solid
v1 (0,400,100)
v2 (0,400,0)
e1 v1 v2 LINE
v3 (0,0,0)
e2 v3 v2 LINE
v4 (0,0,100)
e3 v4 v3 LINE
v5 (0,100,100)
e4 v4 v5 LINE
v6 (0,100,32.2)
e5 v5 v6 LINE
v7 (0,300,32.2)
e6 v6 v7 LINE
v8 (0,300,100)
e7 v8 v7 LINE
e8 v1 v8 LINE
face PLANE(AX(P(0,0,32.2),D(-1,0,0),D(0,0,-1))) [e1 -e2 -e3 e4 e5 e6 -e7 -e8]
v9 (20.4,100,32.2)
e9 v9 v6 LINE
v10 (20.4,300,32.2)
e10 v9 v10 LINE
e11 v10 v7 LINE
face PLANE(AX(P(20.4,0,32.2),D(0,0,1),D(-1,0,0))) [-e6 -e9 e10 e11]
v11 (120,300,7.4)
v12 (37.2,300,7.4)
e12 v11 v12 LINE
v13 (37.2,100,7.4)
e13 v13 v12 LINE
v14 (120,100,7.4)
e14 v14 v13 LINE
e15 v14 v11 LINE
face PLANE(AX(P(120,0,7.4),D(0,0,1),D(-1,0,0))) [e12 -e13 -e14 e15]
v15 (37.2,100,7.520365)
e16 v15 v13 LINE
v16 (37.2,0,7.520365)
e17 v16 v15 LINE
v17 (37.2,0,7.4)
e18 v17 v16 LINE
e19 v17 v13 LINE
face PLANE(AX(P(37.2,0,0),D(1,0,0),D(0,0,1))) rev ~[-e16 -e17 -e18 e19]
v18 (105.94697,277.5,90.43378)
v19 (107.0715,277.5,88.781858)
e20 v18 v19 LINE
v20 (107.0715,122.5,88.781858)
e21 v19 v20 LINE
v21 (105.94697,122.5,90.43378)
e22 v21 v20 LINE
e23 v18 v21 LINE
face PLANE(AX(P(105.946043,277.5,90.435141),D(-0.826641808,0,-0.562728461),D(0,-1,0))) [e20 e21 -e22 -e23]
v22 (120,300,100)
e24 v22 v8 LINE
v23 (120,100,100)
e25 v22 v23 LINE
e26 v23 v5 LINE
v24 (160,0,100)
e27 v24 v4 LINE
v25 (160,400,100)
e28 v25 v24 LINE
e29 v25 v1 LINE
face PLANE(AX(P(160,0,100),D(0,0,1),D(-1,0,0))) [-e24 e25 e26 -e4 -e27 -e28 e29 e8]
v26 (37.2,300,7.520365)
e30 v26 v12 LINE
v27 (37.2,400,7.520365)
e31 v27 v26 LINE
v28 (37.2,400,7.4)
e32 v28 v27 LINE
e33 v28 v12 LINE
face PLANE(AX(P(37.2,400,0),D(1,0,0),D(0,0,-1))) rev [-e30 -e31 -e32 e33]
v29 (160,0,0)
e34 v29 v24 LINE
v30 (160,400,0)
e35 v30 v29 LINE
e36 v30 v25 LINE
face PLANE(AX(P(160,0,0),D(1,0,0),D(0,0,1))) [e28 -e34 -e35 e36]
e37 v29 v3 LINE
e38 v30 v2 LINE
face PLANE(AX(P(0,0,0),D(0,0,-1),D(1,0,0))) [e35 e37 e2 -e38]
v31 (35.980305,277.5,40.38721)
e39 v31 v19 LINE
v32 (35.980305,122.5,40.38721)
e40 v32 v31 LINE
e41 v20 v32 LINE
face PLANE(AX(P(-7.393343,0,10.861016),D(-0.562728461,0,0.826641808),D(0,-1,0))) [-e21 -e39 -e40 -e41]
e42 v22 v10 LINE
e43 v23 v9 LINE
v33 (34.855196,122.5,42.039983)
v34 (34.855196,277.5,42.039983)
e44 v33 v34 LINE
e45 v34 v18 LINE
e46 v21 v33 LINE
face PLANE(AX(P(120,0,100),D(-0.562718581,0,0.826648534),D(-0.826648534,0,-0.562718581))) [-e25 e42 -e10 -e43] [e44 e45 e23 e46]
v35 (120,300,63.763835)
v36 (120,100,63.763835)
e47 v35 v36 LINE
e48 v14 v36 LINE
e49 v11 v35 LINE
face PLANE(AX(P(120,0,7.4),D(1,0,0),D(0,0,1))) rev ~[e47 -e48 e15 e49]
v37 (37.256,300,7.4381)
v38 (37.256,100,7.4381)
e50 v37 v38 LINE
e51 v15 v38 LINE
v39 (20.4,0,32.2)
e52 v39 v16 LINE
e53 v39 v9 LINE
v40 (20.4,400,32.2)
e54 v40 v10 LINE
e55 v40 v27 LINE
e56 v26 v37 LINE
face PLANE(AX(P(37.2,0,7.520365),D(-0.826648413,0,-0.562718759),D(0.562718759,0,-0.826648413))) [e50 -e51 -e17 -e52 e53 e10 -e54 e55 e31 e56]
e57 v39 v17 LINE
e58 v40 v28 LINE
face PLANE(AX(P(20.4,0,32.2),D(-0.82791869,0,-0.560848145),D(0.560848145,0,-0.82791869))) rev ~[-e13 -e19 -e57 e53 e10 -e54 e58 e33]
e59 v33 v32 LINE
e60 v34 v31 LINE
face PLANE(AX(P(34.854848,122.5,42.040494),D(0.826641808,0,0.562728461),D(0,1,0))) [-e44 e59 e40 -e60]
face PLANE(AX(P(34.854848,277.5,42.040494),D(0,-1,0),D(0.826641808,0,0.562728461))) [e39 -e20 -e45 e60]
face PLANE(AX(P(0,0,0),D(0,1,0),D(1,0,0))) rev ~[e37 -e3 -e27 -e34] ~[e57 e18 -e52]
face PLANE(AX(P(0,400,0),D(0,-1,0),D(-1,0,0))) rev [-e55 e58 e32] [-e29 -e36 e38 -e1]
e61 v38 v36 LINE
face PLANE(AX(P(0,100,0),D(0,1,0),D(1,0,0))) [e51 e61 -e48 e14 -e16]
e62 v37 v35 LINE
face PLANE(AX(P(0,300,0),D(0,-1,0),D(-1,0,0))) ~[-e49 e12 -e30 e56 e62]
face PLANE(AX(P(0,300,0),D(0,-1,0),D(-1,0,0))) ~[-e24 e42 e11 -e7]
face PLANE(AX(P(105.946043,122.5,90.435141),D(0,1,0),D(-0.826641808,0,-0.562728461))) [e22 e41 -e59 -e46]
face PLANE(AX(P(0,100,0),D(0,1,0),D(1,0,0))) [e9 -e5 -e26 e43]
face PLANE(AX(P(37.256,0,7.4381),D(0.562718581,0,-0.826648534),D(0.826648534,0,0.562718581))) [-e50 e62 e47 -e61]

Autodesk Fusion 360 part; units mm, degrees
sketch "Esquisse1" plane through (0, 0, 0) normal (0, 1, 0) x (1, 0, 0)
  line L0 (0, 0) -> (120, 0)
  line L1 (120, 0) -> (120, -100)
  line L2 (120, -100) -> (0, -100)
  line L3 (0, -100) -> (0, 0)
  line L4 (0, 0) -> (37.2, 0)
  line L5 (37.2, 0) -> (37.2, -32.2)
  line L6 (37.2, -32.2) -> (0, -32.2)
  line L7 (0, -32.2) -> (0, 0)
  line L8 (37.2, -32.2) -> (20.4, -32.2)
  line L9 (37.2, -7.4) -> (37.2, -32.2)
  line L10 (20.4, -32.2) -> (37.2, -7.4)
  line L11 (120, -100) -> (20.4, -32.2)
  line L12 (20.4, -32.2) -> (37.256, -7.4381)
  line L13 (37.256, -7.4381) -> (136.856, -75.2381)
  line L14 (136.856, -75.2381) -> (120, -100)
  line L15 (120, -100) -> (120, 0)
  line L16 (120, 0) -> (160, 0)
  line L17 (160, 0) -> (160, -100)
  line L18 (160, -100) -> (120, -100)
  line L19 (37.2, -7.4) -> (37.2, 0)
  line L20 (37.2, 0) -> (160, 0)
  line L21 (160, 0) -> (160, -7.4)
  line L22 (160, -7.4) -> (37.2, -7.4)
  line L23 (160, -7.4) -> (160, -100)
  line L24 (160, -100) -> (120, -100)
  line L25 (120, -100) -> (120, -7.4)
  line L26 (120, -7.4) -> (160, -7.4)
  dimension "d1" = 120
  dimension "d2" = 100
  dimension "d3" = 37.2
  dimension "d4" = 32.2
  dimension "d11" = 16.8
  dimension "d12" = 24.8
  dimension "d19" = 40
extrude "Extrusion3" add sketch "Esquisse1" along normal blind 200 contours L0 L3 L4 L5 L6 L7 L10 L19 | L0 L1 L5 L15 L19 L20 L22 | L1 L15 L16 L17 L20 L21 L22 L26 | L5 L6 L8 L9 L12 | L1 L5 L6 L8 L9 L11 L12 L13 L15 L25 | L1 L13 L14 L15 L17 L18 L22 L23 L24 L25 L26 | L1 L13 L14 L15 L25
extrude "Extrusion4" add sketch "Esquisse1" along normal blind 100 contours L0 L1 L5 L15 L19 L20 L22 | L2 L3 L6 L11 | L1 L15 L16 L17 L20 L21 L22 L26 | L1 L5 L9 L12 L13 L15 L22 L25 | L1 L13 L14 L15 L17 L18 L22 L23 L24 L25 L26
mirror "Symétrie miroir2" about plane through (0, 200, 0) normal (0, 1, 0) of bodies 1 merged
sketch "Esquisse3" plane through (-8.5188, 0, 12.5143) normal (-0.5627, 0, 0.8266) x (0, -1, 0)
  line L0 (-100, 34.9832) -> (-100, 155.4697)
  line L1 (-100, 155.4697) -> (-300, 155.4697)
  line L2 (-300, 155.4697) -> (-300, 34.9832)
  line L3 (-300, 34.9832) -> (-100, 34.9832)
  line L4 (-277.5, 138.4697) -> (-122.5, 138.4697)
  line L5 (-122.5, 138.4697) -> (-122.5, 52.4697)
  line L6 (-122.5, 52.4697) -> (-277.5, 52.4697)
  line L7 (-277.5, 52.4697) -> (-277.5, 138.4697)
  line L8 (-277.5, 138.4697) -> (-122.5, 52.4697) construction
  line L9 (-122.5, 138.4697) -> (-277.5, 52.4697) construction
  point P0 (-200, 95.4697)
  dimension "d22" = 155
  dimension "d23" = 86
  dimension "d24" = 22.5
  dimension "d25" = 17
extrude "Extrusion6" cut sketch "Esquisse3" against normal blind 2 contours L4 L5 L6 L7
sketch "Esquisse4" plane through (0, 0, 100) normal (0, 0, 1) x (-1, 0, 0)
  line L0 (-160, 0) -> (-160, -400)
  line L1 (-160, -400) -> (0, -400)
  line L2 (0, -400) -> (0, -300)
  line L3 (0, -300) -> (-120, -300)
  line L4 (-120, -300) -> (-120, -100)
  line L5 (-120, -100) -> (0, -100)
  line L6 (0, -100) -> (0, 0)
  line L7 (0, 0) -> (-160, 0)
  line L8 (-120, -300) -> (-120, -400)
  dimension "d28" = 120
  dimension "d29" = 100
  dimension "d30" = 40
sketch "Esquisse5" plane through (0, 0, 100) normal (0, 0, 1) x (-1, 0, 0)
  line L0 (-160, 0) -> (-160, -400)
  line L1 (-160, -400) -> (0, -400)
  line L2 (0, -400) -> (0, -300)
  line L3 (0, -300) -> (-120, -300)
  line L4 (-120, -300) -> (-120, -100)
  line L5 (-120, -100) -> (0, -100)
  line L6 (0, -100) -> (0, 0)
  line L7 (0, 0) -> (-160, 0)
  line L8 (-120, 0) -> (0, 0)
  dimension "d31" = 400
